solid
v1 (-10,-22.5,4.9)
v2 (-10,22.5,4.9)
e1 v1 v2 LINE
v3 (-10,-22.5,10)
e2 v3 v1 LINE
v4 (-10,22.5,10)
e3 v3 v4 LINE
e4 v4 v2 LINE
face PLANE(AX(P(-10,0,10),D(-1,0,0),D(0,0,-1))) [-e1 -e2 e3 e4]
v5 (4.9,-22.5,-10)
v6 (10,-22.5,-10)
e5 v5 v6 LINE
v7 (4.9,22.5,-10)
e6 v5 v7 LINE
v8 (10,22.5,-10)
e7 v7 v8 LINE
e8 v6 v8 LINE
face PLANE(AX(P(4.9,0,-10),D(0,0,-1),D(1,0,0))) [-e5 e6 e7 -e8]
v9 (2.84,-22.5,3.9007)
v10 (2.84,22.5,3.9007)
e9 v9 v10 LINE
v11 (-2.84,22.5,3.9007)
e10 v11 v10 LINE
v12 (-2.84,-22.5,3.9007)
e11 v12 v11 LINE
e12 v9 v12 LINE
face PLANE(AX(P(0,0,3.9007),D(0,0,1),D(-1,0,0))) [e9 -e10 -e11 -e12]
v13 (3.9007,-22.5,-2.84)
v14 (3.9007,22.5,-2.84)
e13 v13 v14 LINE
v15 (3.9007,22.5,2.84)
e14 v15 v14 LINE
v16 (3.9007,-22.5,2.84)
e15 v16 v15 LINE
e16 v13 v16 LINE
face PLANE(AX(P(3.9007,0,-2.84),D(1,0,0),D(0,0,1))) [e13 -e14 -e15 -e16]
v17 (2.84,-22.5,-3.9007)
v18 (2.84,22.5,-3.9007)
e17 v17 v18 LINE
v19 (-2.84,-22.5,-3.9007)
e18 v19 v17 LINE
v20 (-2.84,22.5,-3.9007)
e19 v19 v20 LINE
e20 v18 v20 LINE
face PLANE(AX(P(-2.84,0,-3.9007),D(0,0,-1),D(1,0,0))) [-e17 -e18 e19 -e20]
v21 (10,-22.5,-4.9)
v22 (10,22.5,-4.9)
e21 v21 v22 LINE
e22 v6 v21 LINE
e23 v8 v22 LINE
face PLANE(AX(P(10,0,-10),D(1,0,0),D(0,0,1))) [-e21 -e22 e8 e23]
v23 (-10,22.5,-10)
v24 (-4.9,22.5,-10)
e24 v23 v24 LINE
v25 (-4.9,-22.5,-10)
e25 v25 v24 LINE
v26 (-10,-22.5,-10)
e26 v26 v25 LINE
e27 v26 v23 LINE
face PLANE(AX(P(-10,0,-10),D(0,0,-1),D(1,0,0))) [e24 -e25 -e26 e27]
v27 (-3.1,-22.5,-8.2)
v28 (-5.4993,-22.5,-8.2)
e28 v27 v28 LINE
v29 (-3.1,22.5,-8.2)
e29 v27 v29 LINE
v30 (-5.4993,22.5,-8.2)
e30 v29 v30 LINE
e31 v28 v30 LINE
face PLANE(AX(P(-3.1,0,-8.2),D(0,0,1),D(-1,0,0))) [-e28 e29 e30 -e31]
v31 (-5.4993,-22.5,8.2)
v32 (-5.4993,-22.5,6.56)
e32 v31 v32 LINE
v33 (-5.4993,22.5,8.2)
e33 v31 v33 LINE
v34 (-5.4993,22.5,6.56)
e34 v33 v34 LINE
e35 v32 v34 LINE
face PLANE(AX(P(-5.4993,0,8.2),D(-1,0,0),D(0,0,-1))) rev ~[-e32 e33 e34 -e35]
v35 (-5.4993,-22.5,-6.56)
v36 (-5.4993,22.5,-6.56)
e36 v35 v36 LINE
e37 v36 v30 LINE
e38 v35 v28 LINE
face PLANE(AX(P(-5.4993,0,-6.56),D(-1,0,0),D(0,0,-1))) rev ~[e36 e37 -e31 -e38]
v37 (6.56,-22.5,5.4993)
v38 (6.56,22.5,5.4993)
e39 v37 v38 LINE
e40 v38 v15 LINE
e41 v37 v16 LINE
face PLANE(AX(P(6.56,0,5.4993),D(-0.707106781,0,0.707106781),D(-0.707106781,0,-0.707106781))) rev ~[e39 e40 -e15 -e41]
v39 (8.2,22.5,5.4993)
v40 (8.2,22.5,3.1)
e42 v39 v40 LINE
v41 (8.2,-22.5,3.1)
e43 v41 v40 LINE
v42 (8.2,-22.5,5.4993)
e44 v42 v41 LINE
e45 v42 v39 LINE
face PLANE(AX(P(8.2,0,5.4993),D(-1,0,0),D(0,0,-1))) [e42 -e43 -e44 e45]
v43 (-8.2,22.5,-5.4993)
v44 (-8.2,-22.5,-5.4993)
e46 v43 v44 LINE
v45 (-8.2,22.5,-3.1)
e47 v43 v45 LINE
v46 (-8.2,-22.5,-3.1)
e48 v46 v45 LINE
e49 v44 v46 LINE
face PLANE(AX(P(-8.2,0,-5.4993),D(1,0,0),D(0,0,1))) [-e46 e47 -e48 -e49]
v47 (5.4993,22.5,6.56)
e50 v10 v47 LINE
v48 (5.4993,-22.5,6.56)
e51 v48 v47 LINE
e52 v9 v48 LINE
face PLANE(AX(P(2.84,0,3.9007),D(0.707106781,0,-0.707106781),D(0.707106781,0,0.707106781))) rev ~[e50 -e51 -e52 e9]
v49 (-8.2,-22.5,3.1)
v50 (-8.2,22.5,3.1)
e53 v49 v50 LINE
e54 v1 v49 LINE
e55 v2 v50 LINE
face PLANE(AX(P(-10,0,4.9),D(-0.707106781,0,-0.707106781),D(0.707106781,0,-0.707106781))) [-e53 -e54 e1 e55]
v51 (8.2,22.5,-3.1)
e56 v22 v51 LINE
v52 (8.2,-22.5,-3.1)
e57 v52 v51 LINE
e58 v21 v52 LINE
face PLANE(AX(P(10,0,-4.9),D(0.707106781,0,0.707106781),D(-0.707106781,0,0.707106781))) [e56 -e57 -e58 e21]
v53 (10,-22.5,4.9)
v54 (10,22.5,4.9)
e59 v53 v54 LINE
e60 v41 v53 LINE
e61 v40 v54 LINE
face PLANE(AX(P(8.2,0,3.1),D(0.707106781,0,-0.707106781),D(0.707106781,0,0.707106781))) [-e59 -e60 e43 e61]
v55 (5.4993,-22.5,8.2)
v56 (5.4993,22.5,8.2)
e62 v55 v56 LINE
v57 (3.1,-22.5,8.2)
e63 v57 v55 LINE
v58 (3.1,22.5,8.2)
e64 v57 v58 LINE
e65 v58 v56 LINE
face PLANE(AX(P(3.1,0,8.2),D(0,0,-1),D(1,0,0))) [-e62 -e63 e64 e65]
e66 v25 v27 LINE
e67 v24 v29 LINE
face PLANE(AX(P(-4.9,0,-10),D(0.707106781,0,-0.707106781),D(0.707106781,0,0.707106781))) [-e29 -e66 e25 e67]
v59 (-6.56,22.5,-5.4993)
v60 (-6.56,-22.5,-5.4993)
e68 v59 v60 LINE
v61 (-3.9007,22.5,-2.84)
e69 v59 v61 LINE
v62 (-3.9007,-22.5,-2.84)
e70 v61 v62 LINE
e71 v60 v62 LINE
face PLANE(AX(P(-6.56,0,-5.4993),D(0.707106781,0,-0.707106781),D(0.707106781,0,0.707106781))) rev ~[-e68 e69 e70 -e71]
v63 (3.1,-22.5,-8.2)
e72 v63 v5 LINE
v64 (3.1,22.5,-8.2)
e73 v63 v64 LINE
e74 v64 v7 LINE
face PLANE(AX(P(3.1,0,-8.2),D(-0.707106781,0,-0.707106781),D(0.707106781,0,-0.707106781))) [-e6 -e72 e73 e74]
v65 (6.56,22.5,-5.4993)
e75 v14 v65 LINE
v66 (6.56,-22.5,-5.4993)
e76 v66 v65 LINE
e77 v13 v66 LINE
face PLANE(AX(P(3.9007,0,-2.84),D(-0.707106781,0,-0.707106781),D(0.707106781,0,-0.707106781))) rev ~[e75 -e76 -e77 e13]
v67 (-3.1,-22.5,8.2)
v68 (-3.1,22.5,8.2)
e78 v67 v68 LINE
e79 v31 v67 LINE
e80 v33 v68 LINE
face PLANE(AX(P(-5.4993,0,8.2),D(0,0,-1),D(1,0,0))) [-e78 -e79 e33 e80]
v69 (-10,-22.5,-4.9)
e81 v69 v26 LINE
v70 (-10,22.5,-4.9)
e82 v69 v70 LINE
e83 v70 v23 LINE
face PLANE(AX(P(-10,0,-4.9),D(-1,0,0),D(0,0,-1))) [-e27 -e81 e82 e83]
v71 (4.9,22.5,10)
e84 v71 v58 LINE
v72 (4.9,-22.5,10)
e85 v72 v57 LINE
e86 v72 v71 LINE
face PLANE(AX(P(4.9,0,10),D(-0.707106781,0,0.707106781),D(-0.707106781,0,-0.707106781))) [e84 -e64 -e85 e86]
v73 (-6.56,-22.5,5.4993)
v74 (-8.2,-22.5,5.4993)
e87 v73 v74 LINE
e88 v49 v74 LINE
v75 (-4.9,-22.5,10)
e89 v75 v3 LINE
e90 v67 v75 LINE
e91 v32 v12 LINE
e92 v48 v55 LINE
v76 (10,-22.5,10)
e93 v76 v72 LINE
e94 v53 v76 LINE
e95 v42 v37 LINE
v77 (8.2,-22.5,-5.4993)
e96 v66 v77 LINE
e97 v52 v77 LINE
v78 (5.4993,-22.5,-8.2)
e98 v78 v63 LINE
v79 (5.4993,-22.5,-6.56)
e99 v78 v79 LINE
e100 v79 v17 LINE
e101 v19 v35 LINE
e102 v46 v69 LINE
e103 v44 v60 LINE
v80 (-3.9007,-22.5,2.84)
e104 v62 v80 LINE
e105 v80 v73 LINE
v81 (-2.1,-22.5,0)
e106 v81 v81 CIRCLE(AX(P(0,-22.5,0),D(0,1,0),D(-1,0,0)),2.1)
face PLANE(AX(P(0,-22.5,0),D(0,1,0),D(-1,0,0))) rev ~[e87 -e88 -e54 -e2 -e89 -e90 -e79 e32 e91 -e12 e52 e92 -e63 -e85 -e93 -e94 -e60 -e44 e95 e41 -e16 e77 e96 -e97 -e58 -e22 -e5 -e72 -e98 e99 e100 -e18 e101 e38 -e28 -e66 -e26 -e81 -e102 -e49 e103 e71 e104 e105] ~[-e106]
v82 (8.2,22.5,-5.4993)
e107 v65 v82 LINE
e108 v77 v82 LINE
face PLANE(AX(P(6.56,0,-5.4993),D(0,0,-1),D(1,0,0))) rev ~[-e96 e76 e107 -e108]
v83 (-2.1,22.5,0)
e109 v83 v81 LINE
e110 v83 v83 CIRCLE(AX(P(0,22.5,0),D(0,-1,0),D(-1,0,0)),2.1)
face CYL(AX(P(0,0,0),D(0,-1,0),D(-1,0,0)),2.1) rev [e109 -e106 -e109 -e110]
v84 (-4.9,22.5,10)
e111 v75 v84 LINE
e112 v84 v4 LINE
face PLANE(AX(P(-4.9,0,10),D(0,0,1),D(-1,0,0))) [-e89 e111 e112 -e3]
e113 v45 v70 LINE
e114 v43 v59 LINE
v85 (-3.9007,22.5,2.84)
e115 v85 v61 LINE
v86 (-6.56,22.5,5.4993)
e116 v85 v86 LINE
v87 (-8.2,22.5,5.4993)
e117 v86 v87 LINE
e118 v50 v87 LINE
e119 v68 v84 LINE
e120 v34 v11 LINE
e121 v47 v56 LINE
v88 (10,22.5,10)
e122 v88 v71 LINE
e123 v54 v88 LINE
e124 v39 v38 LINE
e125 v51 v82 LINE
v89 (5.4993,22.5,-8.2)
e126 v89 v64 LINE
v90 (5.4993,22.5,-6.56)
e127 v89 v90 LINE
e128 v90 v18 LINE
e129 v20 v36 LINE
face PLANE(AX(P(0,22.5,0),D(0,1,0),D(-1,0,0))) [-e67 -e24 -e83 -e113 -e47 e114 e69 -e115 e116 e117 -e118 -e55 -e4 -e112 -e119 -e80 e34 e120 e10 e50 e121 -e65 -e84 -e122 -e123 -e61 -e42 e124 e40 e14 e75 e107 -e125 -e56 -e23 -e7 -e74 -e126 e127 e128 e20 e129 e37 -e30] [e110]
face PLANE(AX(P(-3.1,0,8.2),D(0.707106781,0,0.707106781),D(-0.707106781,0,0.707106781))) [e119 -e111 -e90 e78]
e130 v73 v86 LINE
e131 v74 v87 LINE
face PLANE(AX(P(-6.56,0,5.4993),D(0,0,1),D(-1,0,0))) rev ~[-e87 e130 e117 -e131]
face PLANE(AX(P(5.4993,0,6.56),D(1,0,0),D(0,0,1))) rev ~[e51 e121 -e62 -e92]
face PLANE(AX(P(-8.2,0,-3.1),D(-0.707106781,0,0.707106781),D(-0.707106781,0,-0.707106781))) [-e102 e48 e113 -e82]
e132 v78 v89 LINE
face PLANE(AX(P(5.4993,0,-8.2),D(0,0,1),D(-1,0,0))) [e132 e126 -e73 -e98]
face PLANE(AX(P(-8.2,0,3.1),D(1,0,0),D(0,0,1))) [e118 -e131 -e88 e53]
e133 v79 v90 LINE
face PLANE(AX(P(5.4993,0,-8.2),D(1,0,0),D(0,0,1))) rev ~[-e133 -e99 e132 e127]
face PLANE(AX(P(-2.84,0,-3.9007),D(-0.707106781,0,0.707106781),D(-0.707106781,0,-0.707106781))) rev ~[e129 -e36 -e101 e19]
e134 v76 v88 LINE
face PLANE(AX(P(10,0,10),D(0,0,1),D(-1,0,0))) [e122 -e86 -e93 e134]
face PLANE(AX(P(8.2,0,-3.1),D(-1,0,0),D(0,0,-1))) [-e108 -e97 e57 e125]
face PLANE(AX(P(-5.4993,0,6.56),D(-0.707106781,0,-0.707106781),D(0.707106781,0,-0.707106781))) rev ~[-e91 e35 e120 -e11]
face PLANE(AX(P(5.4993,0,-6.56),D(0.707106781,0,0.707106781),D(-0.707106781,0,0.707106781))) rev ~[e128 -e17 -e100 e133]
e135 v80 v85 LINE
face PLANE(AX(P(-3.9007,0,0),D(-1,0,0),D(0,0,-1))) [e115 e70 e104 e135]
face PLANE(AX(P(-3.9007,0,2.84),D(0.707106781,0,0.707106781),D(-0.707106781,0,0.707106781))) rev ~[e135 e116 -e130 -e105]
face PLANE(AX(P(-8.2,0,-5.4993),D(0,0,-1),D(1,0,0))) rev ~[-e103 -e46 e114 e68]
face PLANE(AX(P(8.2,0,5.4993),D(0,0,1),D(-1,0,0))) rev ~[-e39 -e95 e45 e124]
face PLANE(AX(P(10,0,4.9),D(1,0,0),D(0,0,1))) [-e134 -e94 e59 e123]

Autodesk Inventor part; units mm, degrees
ref_plane "YZ Plane" through (0, 0, 0) normal (1, 0, 0) x (0, 1, 0)
ref_plane "XZ Plane" through (0, 0, 0) normal (0, 1, 0) x (-1, 0, 0)
ref_plane "XY Plane" through (0, 0, 0) normal (0, 0, 1) x (1, 0, 0)
sketch "Sketch1" plane through (0, 0, 0) normal (0, 1, 0) x (-1, 0, 0)
  circle A0 centre (0, 0) radius 2.1
  line L0 (0, -3.9007) -> (-2.84, -3.9007)
  line L1 (-5.4993, -8.2) -> (-3.1, -8.2)
  line L2 (-3.1, -8.2) -> (-4.9, -10)
  line L3 (-4.9, -10) -> (-10, -10)
  line L4 (-10, -10) -> (-10, -4.9)
  line L5 (-10, -4.9) -> (-8.2, -3.1)
  line L6 (-8.2, -3.1) -> (-8.2, -5.4993)
  line L7 (-3.9007, -2.84) -> (-3.9007, 0)
  line L8 (-3.9007, 0) -> (-2.1, 0)
  line L9 (0, -3.9007) -> (0, -2.1) construction
  line L10 (-5.4993, -8.2) -> (-5.4993, -6.56)
  line L11 (-5.4993, -6.56) -> (-2.84, -3.9007)
  line L12 (-3.9007, -2.84) -> (-6.56, -5.4993)
  line L13 (-6.56, -5.4993) -> (-8.2, -5.4993)
  line L14 (6.56, -5.4993) -> (3.9007, -2.84)
  line L15 (3.1, -8.2) -> (5.4993, -8.2)
  line L16 (5.4993, -6.56) -> (5.4993, -8.2)
  line L17 (8.2, -5.4993) -> (8.2, -3.1)
  line L18 (8.2, -5.4993) -> (6.56, -5.4993)
  line L19 (8.2, -3.1) -> (10, -4.9)
  line L20 (4.9, -10) -> (3.1, -8.2)
  line L21 (10, -4.9) -> (10, -10)
  line L22 (10, -10) -> (4.9, -10)
  line L23 (2.84, -3.9007) -> (0, -3.9007)
  line L24 (0, -3.9007) -> (0, -2.1) construction
  line L25 (3.9007, 0) -> (2.1, 0)
  line L26 (3.9007, 0) -> (3.9007, -2.84)
  line L27 (2.84, -3.9007) -> (5.4993, -6.56)
  line L28 (5.4993, 6.56) -> (2.84, 3.9007)
  line L29 (8.2, 3.1) -> (8.2, 5.4993)
  line L30 (6.56, 5.4993) -> (8.2, 5.4993)
  line L31 (5.4993, 8.2) -> (3.1, 8.2)
  line L32 (5.4993, 8.2) -> (5.4993, 6.56)
  line L33 (3.1, 8.2) -> (4.9, 10)
  line L34 (10, 4.9) -> (8.2, 3.1)
  line L35 (4.9, 10) -> (10, 10)
  line L36 (10, 10) -> (10, 4.9)
  line L37 (3.9007, 2.84) -> (3.9007, 0)
  line L38 (3.9007, 0) -> (2.1, 0) construction
  line L39 (0, 3.9007) -> (0, 2.1)
  line L40 (0, 3.9007) -> (2.84, 3.9007)
  line L41 (3.9007, 2.84) -> (6.56, 5.4993)
  line L42 (-6.56, 5.4993) -> (-3.9007, 2.84)
  line L43 (-3.1, 8.2) -> (-5.4993, 8.2)
  line L44 (-5.4993, 6.56) -> (-5.4993, 8.2)
  line L45 (-8.2, 5.4993) -> (-8.2, 3.1)
  line L46 (-8.2, 5.4993) -> (-6.56, 5.4993)
  line L47 (-8.2, 3.1) -> (-10, 4.9)
  line L48 (-4.9, 10) -> (-3.1, 8.2)
  line L49 (-10, 4.9) -> (-10, 10)
  line L50 (-10, 10) -> (-4.9, 10)
  line L51 (-2.84, 3.9007) -> (0, 3.9007)
  line L52 (0, 3.9007) -> (0, 2.1) construction
  line L53 (-3.9007, 0) -> (-2.1, 0) construction
  line L54 (-3.9007, 0) -> (-3.9007, 2.84)
  line L55 (-2.84, 3.9007) -> (-5.4993, 6.56)
  point P0 (0, -3.0003)
  point P1 (-3.0003, 0)
  point P2 (0, -3.0003)
  point P3 (3.0003, 0)
  point P4 (3.0003, 0)
  point P5 (0, 3.0003)
  point P6 (0, 3.0003)
  point P7 (-3.0003, 0)
  dimension "d0" = 4.2
  dimension "d2" = 45
  dimension "d3" = 3.1
  dimension "d4" = 2.84
  dimension "d7" = 10
  dimension "d8" = 10
  dimension "d9" = 1.5
  dimension "d10" = 1.8
  dimension "d11" = 1.64
  dimension "d14" = 360
extrude "Extrusion1" add sketch "Sketch1" along normal mid plane 45 contours L25 L26 L14 L18 L17 L19 L21 L22 L20 L15 L16 L27 L23 L0 L11 L10 L1 L2 L3 L4 L5 L6 L13 L12 L7 L8 A0 | A0 L39 L40 L28 L32 L31 L33 L35 L36 L34 L29 L30 L41 L37 L25 | A0 L8 L54 L42 L46 L45 L47 L49 L50 L48 L43 L44 L55 L51 L39
properties part number "vslot_45mm" material "Aluminum 6061-AHC"
